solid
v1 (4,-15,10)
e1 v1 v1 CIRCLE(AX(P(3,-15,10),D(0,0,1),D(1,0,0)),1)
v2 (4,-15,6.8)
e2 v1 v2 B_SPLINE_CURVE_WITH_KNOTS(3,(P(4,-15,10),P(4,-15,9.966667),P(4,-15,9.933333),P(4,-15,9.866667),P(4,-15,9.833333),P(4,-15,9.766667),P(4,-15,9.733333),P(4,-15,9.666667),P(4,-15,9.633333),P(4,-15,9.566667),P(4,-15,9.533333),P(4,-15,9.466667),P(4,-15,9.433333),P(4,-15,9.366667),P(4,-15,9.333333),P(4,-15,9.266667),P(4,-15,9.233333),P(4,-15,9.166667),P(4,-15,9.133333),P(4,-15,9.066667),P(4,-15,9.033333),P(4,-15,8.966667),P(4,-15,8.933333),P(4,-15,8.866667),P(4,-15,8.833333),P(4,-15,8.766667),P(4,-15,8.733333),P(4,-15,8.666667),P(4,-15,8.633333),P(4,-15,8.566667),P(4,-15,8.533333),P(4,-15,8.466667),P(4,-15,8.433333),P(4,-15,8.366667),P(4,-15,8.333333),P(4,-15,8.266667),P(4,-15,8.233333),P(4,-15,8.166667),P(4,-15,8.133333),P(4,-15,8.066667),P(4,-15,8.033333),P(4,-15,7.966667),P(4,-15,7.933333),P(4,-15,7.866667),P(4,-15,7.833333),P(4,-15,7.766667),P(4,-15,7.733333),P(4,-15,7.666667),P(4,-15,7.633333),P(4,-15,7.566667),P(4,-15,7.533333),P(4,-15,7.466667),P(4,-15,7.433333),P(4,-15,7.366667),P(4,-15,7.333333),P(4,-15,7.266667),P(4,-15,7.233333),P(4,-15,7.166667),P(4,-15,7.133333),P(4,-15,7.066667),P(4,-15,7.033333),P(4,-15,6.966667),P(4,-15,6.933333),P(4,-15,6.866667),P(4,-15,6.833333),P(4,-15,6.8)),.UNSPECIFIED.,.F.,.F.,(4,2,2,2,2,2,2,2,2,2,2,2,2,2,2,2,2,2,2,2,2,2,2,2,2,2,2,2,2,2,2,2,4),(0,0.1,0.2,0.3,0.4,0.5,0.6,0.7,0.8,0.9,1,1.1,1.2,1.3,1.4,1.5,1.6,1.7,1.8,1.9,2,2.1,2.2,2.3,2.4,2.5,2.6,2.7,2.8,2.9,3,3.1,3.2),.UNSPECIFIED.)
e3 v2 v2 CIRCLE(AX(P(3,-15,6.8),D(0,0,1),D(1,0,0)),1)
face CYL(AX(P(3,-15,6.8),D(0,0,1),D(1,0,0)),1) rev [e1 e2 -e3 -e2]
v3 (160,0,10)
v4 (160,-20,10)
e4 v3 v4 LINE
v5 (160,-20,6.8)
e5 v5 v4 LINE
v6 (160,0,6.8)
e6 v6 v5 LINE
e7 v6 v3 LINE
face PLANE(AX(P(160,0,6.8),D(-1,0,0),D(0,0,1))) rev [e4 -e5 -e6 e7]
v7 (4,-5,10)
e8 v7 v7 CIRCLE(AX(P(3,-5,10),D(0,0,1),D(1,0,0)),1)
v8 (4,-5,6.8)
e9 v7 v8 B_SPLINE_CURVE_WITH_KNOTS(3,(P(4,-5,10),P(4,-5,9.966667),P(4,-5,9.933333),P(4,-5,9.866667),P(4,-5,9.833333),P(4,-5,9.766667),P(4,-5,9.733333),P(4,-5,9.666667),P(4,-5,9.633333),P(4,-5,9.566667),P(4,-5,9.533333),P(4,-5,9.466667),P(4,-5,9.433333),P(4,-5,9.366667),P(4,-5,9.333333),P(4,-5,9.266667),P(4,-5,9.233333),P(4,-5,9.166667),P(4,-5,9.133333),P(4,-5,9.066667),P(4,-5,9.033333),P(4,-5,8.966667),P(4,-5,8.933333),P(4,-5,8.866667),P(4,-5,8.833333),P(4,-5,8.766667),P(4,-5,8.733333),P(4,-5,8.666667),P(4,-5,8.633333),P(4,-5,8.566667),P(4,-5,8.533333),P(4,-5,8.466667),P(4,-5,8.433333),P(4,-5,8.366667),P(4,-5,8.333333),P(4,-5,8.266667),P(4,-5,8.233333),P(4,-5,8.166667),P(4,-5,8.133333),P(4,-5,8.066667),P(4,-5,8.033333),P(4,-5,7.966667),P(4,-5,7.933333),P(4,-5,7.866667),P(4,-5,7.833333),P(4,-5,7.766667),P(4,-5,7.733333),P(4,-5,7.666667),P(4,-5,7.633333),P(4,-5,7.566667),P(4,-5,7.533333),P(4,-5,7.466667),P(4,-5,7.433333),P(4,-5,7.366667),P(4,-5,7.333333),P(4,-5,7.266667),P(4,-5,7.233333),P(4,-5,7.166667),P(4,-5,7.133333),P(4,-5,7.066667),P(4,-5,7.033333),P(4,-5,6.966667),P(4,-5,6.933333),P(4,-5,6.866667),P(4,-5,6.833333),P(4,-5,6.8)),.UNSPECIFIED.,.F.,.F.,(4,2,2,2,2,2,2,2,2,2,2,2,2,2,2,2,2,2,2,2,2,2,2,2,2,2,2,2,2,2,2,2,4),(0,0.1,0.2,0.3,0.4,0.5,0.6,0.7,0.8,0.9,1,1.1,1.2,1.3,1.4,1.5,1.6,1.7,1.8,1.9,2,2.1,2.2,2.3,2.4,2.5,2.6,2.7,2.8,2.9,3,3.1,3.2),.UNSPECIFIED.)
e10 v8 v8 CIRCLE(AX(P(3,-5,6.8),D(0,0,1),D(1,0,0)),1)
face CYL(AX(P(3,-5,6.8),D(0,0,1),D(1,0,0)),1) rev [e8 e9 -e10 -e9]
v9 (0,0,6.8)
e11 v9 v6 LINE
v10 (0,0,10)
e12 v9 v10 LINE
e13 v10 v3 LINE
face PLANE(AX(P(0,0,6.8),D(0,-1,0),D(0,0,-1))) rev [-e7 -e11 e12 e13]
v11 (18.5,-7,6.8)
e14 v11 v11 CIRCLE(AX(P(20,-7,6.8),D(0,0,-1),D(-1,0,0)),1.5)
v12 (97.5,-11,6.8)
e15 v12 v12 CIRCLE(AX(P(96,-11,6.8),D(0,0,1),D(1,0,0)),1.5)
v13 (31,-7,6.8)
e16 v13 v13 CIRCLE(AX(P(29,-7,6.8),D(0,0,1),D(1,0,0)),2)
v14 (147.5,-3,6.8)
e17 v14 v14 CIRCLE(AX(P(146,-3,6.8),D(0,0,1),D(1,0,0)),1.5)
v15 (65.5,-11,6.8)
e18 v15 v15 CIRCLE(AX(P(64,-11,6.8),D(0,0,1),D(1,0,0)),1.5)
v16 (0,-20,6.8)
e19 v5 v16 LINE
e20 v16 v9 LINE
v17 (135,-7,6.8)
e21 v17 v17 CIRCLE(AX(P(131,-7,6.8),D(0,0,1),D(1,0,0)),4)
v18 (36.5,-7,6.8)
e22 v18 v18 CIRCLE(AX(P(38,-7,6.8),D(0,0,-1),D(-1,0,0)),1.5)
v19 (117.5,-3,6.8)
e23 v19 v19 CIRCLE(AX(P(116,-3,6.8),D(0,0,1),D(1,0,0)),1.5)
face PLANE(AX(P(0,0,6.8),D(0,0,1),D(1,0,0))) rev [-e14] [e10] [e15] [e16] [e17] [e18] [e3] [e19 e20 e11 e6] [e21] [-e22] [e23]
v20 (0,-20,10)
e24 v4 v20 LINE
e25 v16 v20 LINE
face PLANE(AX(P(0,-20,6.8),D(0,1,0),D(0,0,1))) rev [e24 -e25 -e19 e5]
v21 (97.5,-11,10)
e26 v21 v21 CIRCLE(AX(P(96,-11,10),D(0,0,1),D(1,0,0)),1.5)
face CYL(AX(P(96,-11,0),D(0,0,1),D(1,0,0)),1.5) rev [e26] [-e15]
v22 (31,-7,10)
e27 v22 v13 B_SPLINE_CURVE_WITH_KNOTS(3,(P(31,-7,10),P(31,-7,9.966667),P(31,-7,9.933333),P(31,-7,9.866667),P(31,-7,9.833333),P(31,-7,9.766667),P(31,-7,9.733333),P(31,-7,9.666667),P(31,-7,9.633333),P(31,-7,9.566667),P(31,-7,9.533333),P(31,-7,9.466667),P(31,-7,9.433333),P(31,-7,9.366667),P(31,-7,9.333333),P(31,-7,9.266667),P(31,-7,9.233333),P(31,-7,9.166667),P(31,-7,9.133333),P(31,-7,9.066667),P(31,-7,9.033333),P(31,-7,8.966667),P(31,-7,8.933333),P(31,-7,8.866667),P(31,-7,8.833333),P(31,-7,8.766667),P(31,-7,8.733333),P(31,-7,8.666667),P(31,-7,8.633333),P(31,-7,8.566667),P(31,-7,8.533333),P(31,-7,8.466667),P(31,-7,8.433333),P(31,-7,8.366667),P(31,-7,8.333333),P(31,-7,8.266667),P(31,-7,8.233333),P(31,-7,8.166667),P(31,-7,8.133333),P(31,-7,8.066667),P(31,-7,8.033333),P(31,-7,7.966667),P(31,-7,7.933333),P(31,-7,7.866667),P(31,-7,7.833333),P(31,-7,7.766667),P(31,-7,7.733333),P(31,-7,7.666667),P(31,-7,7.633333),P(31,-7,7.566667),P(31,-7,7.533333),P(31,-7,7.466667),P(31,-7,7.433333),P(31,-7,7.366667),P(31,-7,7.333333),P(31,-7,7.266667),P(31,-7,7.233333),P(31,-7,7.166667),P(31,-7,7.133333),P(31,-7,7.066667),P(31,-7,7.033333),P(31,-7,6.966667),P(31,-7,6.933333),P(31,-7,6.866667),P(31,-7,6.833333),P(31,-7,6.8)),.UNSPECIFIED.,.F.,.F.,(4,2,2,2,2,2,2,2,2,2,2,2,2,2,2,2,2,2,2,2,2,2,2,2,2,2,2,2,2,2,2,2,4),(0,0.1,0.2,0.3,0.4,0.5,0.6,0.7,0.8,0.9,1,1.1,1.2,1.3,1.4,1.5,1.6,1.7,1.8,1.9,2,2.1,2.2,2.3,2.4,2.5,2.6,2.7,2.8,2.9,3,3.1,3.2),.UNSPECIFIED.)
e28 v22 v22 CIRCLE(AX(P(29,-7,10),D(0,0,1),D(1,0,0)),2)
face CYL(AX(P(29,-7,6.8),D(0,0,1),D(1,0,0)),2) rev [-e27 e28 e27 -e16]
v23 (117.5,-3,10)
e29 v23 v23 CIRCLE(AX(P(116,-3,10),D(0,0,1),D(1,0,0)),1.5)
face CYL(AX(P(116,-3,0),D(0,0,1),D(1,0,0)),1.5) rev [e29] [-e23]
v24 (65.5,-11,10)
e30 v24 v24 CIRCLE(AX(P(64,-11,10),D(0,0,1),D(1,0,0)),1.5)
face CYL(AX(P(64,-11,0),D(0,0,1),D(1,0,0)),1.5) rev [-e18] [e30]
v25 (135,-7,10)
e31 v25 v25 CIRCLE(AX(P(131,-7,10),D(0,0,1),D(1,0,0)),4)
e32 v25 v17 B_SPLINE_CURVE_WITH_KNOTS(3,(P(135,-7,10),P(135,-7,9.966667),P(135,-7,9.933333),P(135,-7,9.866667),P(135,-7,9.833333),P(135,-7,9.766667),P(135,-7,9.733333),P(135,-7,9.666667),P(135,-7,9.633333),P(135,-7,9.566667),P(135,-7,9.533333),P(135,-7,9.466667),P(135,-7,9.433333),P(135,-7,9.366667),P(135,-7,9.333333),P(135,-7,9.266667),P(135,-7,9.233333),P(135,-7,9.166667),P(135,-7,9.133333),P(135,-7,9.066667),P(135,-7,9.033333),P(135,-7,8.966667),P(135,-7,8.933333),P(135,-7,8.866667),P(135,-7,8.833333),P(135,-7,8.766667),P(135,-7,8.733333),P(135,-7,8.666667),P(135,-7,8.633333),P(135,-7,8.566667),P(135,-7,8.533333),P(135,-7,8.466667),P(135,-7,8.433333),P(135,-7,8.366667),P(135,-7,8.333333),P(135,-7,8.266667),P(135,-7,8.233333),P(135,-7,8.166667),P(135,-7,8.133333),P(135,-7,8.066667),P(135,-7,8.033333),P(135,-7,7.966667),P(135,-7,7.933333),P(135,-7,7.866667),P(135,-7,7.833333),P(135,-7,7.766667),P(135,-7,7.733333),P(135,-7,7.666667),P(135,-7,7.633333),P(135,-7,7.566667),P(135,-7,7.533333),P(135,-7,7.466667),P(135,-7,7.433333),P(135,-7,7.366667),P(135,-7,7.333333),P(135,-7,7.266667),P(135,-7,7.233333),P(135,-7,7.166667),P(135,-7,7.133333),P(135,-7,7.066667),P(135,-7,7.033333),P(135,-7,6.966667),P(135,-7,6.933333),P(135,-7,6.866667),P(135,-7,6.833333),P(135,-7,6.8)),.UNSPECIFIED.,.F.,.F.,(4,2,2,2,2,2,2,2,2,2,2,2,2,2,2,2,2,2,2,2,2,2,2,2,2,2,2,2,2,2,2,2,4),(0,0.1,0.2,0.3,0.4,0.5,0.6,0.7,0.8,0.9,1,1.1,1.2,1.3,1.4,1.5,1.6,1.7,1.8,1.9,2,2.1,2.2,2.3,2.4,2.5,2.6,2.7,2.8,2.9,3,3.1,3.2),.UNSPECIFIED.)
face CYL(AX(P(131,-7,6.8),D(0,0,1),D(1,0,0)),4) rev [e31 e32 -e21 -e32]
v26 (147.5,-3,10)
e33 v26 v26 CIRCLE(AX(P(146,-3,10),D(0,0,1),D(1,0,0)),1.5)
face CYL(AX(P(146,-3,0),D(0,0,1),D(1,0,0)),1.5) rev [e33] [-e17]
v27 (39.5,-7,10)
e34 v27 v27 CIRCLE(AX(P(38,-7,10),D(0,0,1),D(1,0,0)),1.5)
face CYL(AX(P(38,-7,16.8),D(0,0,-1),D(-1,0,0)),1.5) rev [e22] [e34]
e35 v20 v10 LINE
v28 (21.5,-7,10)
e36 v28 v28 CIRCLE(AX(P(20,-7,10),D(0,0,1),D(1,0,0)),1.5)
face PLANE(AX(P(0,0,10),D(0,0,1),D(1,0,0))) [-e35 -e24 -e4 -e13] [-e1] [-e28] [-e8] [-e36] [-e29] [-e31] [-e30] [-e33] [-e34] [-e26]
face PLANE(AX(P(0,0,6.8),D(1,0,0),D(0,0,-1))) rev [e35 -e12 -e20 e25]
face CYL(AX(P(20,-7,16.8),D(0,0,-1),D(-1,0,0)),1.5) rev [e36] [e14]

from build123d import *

# Parameters (mm, degrees)
SKETCH2_W               = 160
SKETCH2_H               = 20
BOSS_EXTRUDE1_DEPTH     = 3.2
CUT_EXTRUDE1_DEPTH      = 162.276904732
CUT_EXTRUDE1_DEPTH_BACK = 162.276904732
SKETCH5_R               = 4
SKETCH5_R_2             = 2
SKETCH6_R               = 1.5
CUT_EXTRUDE2_DEPTH      = 10
CUT_EXTRUDE3_DEPTH      = 162.276904732
CUT_EXTRUDE3_DEPTH_BACK = 162.276904732
SKETCH7_R               = 1
SKETCH8_R               = 1.5
CUT_EXTRUDE4_DEPTH      = 10
SKETCH9_R               = 1.5
CUT_EXTRUDE5_DEPTH      = 10


with BuildPart() as part:
    # Sketch2 → Boss-Extrude1 (new body)
    with BuildSketch(Plane(origin=(0, -10, 10), x_dir=(1, 0, 0), z_dir=(0, 0, -1))):
        with Locations((80, 0)):
            Rectangle(SKETCH2_W, SKETCH2_H)
    extrude(amount=BOSS_EXTRUDE1_DEPTH)

    # Sketch5 → Cut-Extrude1 (cut, two sides: drawn at the far end of the back side and taken through both)
    with BuildSketch(Plane.XY.offset(10).offset(-CUT_EXTRUDE1_DEPTH_BACK)):
        with Locations((131, -7)):
            Circle(SKETCH5_R)
        with Locations((29, -7)):
            Circle(SKETCH5_R_2)
    extrude(amount=CUT_EXTRUDE1_DEPTH + CUT_EXTRUDE1_DEPTH_BACK, mode=Mode.SUBTRACT)

    # Sketch6 → Cut-Extrude2 (cut)
    with BuildSketch(Plane.XY.offset(10)):
        with Locations((96, -11)):
            Circle(SKETCH6_R)
        with Locations((64, -11)):
            Circle(SKETCH6_R)
    extrude(amount=-CUT_EXTRUDE2_DEPTH, mode=Mode.SUBTRACT)

    # Sketch7 → Cut-Extrude3 (cut, two sides: drawn at the far end of the back side and taken through both)
    with BuildSketch(Plane.XY.offset(10).offset(-CUT_EXTRUDE3_DEPTH_BACK)):
        with Locations((3, -15)):
            Circle(SKETCH7_R)
        with Locations((3, -5)):
            Circle(SKETCH7_R)
    extrude(amount=CUT_EXTRUDE3_DEPTH + CUT_EXTRUDE3_DEPTH_BACK, mode=Mode.SUBTRACT)

    # Sketch8 → Cut-Extrude4 (cut)
    with BuildSketch(Plane.XY.offset(10)):
        with Locations((146, -3)):
            Circle(SKETCH8_R)
        with Locations((116, -3)):
            Circle(SKETCH8_R)
    extrude(amount=-CUT_EXTRUDE4_DEPTH, mode=Mode.SUBTRACT)

    # Sketch9 → Cut-Extrude5 (cut)
    with BuildSketch(Plane(origin=(0, 0, 6.8), x_dir=(-1, 0, 0), z_dir=(0, 0, -1))):
        with Locations((-20, -7)):
            Circle(SKETCH9_R)
        with Locations((-38, -7)):
            Circle(SKETCH9_R)
    extrude(amount=-CUT_EXTRUDE5_DEPTH, mode=Mode.SUBTRACT)


solid = part.part
